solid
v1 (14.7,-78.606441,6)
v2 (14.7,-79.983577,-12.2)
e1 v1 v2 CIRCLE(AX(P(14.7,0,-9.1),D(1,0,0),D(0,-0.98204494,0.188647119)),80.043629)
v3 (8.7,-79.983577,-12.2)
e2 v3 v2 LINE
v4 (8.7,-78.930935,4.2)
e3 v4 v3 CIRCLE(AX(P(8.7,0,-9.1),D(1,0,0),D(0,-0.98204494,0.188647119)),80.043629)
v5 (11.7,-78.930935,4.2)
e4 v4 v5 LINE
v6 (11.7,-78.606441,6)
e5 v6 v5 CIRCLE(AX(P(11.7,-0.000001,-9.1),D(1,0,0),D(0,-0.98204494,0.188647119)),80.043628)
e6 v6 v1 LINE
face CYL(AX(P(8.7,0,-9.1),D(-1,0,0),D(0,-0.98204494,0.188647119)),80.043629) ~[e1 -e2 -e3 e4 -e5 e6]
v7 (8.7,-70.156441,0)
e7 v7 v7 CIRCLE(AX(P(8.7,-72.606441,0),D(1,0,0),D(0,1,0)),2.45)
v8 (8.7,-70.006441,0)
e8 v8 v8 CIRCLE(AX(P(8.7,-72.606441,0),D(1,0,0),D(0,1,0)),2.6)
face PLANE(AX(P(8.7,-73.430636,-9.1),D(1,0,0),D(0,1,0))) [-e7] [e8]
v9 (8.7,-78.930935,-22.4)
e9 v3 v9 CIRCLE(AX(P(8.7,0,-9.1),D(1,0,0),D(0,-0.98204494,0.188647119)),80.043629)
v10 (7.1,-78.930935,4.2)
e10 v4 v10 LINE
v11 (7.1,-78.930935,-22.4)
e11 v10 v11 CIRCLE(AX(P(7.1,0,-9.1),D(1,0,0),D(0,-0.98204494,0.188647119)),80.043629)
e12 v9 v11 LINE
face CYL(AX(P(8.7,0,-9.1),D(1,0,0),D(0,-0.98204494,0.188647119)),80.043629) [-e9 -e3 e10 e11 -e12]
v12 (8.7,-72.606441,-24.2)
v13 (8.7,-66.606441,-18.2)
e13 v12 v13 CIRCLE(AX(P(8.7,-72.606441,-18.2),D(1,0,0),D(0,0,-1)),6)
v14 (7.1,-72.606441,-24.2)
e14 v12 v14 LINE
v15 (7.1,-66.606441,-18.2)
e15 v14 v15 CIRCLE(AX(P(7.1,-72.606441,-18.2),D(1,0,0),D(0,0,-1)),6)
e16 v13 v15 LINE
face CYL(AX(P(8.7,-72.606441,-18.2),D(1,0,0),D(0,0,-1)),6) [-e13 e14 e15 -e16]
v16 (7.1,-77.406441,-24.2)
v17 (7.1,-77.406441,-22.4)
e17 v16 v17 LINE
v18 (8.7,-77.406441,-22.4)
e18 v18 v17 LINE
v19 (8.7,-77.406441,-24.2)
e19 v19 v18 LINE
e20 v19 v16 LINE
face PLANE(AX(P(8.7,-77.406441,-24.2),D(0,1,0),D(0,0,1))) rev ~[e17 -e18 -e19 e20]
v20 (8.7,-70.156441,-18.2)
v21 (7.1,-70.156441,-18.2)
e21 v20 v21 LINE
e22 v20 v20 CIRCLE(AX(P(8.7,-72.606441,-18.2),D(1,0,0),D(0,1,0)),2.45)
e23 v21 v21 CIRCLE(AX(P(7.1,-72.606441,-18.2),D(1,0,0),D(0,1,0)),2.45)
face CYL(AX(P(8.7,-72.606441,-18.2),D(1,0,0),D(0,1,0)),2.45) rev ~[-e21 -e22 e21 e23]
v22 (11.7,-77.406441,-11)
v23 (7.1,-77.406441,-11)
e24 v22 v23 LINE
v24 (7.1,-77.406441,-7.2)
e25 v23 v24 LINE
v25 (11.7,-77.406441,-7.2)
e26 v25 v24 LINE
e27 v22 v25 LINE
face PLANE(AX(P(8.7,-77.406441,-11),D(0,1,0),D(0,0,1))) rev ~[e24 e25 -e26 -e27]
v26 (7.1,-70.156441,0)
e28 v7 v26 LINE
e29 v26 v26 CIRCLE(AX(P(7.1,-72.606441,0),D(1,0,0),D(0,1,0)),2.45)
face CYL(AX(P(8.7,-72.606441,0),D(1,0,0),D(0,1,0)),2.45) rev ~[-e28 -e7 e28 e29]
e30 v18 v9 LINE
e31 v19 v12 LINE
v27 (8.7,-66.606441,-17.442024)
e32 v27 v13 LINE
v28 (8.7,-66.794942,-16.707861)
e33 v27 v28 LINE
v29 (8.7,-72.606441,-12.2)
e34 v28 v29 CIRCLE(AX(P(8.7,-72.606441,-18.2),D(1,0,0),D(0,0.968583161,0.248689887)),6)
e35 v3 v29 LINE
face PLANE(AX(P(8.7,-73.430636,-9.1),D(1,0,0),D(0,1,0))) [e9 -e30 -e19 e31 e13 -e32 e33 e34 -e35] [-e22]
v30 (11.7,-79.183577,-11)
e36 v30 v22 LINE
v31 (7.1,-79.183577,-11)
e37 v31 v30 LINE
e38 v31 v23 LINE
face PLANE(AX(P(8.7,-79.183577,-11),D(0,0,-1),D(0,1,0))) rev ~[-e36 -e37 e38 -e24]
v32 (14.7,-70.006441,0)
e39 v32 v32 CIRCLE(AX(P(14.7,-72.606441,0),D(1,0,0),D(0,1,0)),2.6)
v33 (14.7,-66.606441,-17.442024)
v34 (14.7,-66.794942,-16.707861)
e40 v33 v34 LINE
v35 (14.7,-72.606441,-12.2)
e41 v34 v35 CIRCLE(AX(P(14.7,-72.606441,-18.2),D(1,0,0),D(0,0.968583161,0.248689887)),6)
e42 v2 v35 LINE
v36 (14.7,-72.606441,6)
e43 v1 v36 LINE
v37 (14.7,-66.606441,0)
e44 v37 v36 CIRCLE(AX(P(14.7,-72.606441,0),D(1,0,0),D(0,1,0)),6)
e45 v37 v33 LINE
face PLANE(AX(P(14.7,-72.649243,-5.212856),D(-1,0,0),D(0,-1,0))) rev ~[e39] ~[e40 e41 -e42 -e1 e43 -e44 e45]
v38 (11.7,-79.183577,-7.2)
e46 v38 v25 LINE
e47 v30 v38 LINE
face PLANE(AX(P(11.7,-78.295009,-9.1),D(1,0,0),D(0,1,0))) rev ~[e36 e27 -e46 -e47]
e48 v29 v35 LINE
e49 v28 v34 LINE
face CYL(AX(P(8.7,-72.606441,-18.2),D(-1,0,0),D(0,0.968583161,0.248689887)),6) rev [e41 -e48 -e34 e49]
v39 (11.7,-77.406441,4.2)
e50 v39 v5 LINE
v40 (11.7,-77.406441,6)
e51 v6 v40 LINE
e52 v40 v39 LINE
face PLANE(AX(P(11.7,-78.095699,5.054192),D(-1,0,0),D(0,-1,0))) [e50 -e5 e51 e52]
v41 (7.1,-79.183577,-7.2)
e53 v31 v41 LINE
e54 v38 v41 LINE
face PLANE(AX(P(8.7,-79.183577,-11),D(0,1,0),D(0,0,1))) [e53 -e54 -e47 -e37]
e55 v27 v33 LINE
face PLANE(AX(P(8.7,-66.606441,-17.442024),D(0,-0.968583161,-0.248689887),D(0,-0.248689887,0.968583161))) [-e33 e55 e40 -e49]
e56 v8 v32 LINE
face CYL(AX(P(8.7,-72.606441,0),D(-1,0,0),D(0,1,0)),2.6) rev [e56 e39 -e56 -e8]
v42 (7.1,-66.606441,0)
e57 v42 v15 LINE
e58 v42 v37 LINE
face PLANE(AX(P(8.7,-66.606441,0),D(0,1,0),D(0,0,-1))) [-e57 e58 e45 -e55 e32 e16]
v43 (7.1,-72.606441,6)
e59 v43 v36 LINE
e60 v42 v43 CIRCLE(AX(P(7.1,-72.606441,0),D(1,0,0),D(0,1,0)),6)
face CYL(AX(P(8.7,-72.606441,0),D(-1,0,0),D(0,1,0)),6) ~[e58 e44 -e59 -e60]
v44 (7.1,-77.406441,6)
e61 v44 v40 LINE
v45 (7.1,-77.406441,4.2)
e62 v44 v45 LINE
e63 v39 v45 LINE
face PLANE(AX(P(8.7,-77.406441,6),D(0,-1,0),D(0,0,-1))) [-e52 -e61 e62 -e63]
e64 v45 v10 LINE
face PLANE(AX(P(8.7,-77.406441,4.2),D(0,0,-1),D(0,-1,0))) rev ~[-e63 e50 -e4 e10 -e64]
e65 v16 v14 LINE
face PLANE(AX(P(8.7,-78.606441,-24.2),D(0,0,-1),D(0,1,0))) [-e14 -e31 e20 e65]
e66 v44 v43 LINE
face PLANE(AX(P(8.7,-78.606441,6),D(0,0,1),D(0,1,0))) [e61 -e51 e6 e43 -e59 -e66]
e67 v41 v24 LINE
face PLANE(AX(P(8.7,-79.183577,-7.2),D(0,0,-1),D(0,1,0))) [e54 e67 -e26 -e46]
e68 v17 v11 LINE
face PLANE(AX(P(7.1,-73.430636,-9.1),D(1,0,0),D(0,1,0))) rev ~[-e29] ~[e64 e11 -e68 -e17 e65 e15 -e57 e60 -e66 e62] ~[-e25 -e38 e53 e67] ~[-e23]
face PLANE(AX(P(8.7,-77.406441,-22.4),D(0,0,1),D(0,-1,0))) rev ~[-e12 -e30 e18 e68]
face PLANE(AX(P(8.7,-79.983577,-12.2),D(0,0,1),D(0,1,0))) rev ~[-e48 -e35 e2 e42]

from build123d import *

# Parameters (mm, degrees)
SKETCH034_R          = 2.45
PAD017_DEPTH         = 1.6
SKETCH035_R          = 2.6
PAD018_DEPTH         = 6
SKETCH061_W          = 1.7771358599
SKETCH061_H          = 3.8
POCKET023_DEPTH      = 1.6
POCKET023_DEPTH_BACK = 3


with BuildPart() as part:
    # Sketch034 → Pad017 (new body)
    with BuildSketch(Plane.YZ.offset(8.7)):
        with BuildLine():
            ThreePointArc((-6, 6), (-7.4371881489, -9.1), (-6, -24.2))
            Line((-6, -24.2), (0, -24.2))
            ThreePointArc((0, -24.2), (4.2426406871, -22.4426406871), (6, -18.2))
            Line((6, 0), (6, -18.2))
            ThreePointArc((6, 0), (4.2426406871, 4.2426406871), (0, 6))
            Line((-6, 6), (0, 6))
        make_face()
        Circle(SKETCH034_R, mode=Mode.SUBTRACT)
        with Locations((0, -18.2)):
            Circle(SKETCH034_R, mode=Mode.SUBTRACT)
    extrude(amount=-PAD017_DEPTH)

    # Sketch035 → Pad018 (join)
    with BuildSketch(Plane.YZ.offset(8.7)):
        with BuildLine():
            ThreePointArc((5.8114989668, -16.707860677), (3.6774423219, -13.4590699257), (0, -12.2))
            Line((-7.3771358599, -12.2), (0, -12.2))
            ThreePointArc((-6, 6), (-7.2090239265, -3.0606187573), (-7.3771358599, -12.2))
            Line((-6, 6), (0, 6))
            ThreePointArc((6, 0), (4.2426406871, 4.2426406871), (0, 6))
            Line((6, 0), (6, -17.4420237293))
            Line((6, -17.4420237293), (5.8114989668, -16.707860677))
        make_face()
        Circle(SKETCH035_R, mode=Mode.SUBTRACT)
    extrude(amount=PAD018_DEPTH)

    # Sketch061 → Pocket023 (cut, two sides)
    with BuildSketch(Plane.YZ.offset(8.7)) as pocket023_sk:
        with BuildLine():
            ThreePointArc((-6.3244944235, -22.4), (-6.167388681, -23.3009268767), (-6, -24.2))
            Line((-6, -24.2), (-4.8, -24.2))
            Line((-4.8, -24.2), (-4.8, -22.4))
            Line((-4.8, -22.4), (-6.3244944235, -22.4))
        make_face()
        with Locations((-5.68856793, -9.1)):
            Rectangle(SKETCH061_W, SKETCH061_H)
        with BuildLine():
            Line((-6, 6), (-4.8, 6))
            Line((-4.8, 6), (-4.8, 4.2))
            Line((-4.8, 4.2), (-6.3244944235, 4.2))
            ThreePointArc((-6, 6), (-6.167388681, 5.1009268767), (-6.3244944235, 4.2))
        make_face()
    extrude(amount=-POCKET023_DEPTH, mode=Mode.SUBTRACT)
    extrude(pocket023_sk.sketch, amount=POCKET023_DEPTH_BACK, mode=Mode.SUBTRACT)


with BuildPart() as part_1:
    # Body016 placement: moved
    add(part.part.moved(Location((0, -72.6064407756, 0))))


solid = part_1.part
